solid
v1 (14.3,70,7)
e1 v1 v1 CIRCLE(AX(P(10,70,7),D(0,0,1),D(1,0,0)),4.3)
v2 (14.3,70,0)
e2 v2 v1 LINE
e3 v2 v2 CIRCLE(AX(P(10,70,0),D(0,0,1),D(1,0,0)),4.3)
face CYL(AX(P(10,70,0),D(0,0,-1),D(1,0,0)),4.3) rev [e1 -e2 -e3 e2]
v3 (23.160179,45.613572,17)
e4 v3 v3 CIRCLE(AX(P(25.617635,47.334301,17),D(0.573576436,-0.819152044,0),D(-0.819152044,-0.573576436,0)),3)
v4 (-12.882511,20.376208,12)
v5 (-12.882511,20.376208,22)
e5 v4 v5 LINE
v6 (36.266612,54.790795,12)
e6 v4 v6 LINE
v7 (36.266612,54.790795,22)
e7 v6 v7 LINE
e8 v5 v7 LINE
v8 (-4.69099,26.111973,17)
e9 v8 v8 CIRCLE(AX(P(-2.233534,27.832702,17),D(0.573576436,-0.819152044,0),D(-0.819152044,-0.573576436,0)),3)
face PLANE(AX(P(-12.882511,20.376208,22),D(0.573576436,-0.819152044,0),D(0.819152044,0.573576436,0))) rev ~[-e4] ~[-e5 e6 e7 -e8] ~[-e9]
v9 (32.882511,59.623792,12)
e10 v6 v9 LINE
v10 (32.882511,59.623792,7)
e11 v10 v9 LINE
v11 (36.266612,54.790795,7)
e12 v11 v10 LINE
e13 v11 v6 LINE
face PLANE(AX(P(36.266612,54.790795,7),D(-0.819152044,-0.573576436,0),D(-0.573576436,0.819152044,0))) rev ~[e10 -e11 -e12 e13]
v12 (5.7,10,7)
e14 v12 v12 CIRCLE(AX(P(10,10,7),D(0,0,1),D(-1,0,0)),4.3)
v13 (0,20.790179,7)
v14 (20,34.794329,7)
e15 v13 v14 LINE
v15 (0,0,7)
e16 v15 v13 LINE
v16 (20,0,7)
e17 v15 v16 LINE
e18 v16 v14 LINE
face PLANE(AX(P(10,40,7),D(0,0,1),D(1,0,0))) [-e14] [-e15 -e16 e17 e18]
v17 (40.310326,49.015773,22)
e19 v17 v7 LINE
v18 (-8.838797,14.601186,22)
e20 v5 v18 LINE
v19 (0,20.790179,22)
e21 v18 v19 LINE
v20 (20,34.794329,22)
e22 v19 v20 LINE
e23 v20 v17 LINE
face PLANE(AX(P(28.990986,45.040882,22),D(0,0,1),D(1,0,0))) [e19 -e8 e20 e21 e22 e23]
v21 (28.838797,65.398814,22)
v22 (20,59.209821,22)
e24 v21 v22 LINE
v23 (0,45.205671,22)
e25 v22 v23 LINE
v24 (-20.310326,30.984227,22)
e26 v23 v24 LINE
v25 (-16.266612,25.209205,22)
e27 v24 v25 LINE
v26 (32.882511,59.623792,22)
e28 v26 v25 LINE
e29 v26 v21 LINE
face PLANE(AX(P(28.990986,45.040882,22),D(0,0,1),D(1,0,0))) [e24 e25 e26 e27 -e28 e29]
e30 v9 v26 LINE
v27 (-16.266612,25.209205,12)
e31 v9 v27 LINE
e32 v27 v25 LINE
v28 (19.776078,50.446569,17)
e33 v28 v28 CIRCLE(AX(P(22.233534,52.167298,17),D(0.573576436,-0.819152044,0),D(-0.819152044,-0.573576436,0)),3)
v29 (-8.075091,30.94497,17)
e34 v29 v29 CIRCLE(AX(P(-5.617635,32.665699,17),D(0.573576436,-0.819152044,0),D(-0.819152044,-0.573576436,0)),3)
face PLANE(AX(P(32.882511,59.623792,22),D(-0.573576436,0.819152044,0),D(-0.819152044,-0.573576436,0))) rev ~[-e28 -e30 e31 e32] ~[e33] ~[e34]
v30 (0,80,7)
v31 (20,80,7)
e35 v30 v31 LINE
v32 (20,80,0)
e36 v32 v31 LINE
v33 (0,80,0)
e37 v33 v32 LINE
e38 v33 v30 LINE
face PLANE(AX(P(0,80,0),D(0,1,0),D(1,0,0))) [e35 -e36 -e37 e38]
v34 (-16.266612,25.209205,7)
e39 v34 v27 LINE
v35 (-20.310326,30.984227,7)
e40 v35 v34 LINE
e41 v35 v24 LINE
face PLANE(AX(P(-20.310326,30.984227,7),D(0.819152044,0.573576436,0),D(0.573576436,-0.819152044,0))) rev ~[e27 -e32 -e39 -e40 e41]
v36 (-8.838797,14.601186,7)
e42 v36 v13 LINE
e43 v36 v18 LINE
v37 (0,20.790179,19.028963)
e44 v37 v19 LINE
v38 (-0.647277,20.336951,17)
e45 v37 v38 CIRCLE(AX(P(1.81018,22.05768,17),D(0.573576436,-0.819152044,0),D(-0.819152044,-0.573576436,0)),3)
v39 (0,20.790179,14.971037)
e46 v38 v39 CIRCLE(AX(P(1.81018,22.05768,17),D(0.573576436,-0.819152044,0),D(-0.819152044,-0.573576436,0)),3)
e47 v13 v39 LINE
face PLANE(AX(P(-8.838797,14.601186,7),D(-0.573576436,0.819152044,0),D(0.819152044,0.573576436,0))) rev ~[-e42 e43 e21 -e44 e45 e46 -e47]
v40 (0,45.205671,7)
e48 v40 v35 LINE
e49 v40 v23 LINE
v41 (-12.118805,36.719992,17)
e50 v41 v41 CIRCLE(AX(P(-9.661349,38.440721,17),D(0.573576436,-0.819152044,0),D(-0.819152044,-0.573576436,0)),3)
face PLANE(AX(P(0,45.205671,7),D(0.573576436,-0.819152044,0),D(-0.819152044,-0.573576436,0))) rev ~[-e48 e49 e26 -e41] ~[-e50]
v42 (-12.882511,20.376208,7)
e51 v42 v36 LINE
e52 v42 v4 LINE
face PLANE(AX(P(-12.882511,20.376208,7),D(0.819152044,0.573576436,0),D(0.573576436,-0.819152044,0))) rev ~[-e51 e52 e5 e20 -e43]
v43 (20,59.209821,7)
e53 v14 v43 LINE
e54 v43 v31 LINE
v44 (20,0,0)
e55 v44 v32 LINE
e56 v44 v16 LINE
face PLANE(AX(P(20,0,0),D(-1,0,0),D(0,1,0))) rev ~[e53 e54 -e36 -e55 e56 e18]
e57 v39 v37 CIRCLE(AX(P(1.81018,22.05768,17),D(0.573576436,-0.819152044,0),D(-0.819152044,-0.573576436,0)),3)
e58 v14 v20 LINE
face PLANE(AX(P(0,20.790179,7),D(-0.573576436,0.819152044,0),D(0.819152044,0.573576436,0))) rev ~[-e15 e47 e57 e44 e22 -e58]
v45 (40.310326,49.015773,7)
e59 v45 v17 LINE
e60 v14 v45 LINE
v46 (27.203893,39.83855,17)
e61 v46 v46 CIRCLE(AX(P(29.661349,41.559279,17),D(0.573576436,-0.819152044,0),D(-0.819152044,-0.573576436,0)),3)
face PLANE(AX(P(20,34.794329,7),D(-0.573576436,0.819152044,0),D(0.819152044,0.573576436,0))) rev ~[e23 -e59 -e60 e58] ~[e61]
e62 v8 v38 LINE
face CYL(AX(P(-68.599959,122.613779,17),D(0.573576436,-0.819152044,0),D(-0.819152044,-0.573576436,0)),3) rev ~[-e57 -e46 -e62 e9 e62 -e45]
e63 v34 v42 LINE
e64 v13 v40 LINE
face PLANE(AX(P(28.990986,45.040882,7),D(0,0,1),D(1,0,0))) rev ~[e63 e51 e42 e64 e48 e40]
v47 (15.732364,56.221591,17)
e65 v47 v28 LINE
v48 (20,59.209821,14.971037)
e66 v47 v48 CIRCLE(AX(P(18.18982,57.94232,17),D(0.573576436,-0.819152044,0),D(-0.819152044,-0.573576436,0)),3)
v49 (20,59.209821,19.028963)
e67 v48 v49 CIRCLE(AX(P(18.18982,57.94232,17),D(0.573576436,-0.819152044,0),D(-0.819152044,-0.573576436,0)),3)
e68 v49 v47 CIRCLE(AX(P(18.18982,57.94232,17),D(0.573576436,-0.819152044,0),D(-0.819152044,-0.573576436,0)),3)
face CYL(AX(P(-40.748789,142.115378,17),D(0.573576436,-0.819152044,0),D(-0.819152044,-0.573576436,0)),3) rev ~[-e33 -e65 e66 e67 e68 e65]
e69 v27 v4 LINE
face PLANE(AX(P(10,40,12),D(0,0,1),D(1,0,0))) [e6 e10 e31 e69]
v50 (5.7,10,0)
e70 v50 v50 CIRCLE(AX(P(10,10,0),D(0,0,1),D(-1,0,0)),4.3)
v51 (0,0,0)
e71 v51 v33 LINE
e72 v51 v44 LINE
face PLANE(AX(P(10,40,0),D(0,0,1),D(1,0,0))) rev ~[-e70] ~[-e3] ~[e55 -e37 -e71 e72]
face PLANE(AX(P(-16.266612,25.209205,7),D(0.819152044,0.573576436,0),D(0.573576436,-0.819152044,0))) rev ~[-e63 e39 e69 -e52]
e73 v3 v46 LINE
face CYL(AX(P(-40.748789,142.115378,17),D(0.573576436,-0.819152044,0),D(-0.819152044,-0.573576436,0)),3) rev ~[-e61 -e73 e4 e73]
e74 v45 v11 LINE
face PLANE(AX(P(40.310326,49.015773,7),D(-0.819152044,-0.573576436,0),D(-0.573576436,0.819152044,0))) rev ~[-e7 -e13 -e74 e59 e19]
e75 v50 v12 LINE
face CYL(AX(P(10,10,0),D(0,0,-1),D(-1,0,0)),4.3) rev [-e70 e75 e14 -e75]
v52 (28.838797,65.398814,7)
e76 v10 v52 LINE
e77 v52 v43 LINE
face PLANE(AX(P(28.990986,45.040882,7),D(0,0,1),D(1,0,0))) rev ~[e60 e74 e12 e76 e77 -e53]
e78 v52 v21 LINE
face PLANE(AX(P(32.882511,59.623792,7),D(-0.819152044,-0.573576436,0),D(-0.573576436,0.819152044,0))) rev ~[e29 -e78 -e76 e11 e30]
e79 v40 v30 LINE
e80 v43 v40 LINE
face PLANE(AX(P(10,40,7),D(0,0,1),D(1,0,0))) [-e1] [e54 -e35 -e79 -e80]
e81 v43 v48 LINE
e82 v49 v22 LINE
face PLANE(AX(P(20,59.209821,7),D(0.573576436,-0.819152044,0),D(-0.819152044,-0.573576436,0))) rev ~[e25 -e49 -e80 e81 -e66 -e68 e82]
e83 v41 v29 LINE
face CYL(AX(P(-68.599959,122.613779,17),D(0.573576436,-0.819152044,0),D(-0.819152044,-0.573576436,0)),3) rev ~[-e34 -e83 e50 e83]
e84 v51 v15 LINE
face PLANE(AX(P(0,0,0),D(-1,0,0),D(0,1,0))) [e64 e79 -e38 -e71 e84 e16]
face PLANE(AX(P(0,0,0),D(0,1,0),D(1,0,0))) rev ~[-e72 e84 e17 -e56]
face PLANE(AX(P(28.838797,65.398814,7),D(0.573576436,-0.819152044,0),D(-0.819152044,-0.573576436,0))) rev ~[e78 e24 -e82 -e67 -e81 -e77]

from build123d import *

# Parameters (mm, degrees)
SKIZZE1_W                       = 20
SKIZZE1_H                       = 80
SKIZZE1_R                       = 4.3
AUFSATZ_LINEAR_AUSTRAGEN1_DEPTH = 7
AUFSATZ_LINEAR_AUSTRAGEN2_DEPTH = 15
SCHNITT_LINEAR_AUSTRAGEN1_DEPTH = 10
F_6_0_6_DURCHMESSER_BOHRUNG1_D  = 6


with BuildPart() as part:
    # Skizze1 → Aufsatz-Linear austragen1 (new body)
    with BuildSketch(Plane.XY):
        with Locations((10, 40)):
            Rectangle(SKIZZE1_W, SKIZZE1_H)
        with Locations((10, 70)):
            Circle(SKIZZE1_R, mode=Mode.SUBTRACT)
        with Locations(Location((10, 10, 0), (0, 0, 180))):  # turned: the seam where the file's is
            Circle(SKIZZE1_R, mode=Mode.SUBTRACT)
    extrude(amount=AUFSATZ_LINEAR_AUSTRAGEN1_DEPTH)

    # Skizze2 → Aufsatz-Linear austragen2 (add)
    with BuildSketch(Plane.XY.offset(7)):
        Polygon((36.266611816, 54.79079456), (20, 43.400790345), (20, 34.794329494), (40.310325692, 49.015772648), align=None)
        Polygon((32.882510841, 59.623791621), (20, 50.603360419), (20, 43.400790345), (36.266611816, 54.79079456), align=None)
        Polygon((28.838796965, 65.398813533), (20, 59.20982127), (20, 50.603360419), (32.882510841, 59.623791621), align=None)
        Polygon((20, 59.20982127), (0, 45.205670506), (0, 36.599209655), (20, 50.603360419), align=None)
        Polygon((20, 50.603360419), (0, 36.599209655), (0, 29.396639581), (20, 43.400790345), align=None)
        Polygon((20, 43.400790345), (0, 29.396639581), (0, 20.79017873), (20, 34.794329494), align=None)
        Polygon((0, 29.396639581), (-12.882510841, 20.376208379), (-8.838796965, 14.601186467), (0, 20.79017873), align=None)
        Polygon((0, 36.599209655), (-16.266611816, 25.20920544), (-12.882510841, 20.376208379), (0, 29.396639581), align=None)
        Polygon((0, 45.205670506), (-20.310325692, 30.984227352), (-16.266611816, 25.20920544), (0, 36.599209655), align=None)
    extrude(amount=AUFSATZ_LINEAR_AUSTRAGEN2_DEPTH)

    # Skizze3 → Schnitt-Linear austragen1 (cut)
    with BuildSketch(Plane.XY.offset(22)):
        Polygon((-12.882510841, 20.376208379), (36.266611816, 54.79079456), (32.882510841, 59.623791621), (-16.266611816, 25.20920544), align=None)
    extrude(amount=-SCHNITT_LINEAR_AUSTRAGEN1_DEPTH, mode=Mode.SUBTRACT)

    # Ø6.0 (6) Durchmesser Bohrung1 (through all)
    with Locations(Plane(origin=(-21.239717496, 30.333460205, 0), x_dir=(0.819152044, 0.573576436, 0), z_dir=(-0.573576436, 0.819152044, 0))):
        with Locations((48.134577897, -17), (14.134577897, -17)):
            Hole(F_6_0_6_DURCHMESSER_BOHRUNG1_D / 2)


solid = part.part
